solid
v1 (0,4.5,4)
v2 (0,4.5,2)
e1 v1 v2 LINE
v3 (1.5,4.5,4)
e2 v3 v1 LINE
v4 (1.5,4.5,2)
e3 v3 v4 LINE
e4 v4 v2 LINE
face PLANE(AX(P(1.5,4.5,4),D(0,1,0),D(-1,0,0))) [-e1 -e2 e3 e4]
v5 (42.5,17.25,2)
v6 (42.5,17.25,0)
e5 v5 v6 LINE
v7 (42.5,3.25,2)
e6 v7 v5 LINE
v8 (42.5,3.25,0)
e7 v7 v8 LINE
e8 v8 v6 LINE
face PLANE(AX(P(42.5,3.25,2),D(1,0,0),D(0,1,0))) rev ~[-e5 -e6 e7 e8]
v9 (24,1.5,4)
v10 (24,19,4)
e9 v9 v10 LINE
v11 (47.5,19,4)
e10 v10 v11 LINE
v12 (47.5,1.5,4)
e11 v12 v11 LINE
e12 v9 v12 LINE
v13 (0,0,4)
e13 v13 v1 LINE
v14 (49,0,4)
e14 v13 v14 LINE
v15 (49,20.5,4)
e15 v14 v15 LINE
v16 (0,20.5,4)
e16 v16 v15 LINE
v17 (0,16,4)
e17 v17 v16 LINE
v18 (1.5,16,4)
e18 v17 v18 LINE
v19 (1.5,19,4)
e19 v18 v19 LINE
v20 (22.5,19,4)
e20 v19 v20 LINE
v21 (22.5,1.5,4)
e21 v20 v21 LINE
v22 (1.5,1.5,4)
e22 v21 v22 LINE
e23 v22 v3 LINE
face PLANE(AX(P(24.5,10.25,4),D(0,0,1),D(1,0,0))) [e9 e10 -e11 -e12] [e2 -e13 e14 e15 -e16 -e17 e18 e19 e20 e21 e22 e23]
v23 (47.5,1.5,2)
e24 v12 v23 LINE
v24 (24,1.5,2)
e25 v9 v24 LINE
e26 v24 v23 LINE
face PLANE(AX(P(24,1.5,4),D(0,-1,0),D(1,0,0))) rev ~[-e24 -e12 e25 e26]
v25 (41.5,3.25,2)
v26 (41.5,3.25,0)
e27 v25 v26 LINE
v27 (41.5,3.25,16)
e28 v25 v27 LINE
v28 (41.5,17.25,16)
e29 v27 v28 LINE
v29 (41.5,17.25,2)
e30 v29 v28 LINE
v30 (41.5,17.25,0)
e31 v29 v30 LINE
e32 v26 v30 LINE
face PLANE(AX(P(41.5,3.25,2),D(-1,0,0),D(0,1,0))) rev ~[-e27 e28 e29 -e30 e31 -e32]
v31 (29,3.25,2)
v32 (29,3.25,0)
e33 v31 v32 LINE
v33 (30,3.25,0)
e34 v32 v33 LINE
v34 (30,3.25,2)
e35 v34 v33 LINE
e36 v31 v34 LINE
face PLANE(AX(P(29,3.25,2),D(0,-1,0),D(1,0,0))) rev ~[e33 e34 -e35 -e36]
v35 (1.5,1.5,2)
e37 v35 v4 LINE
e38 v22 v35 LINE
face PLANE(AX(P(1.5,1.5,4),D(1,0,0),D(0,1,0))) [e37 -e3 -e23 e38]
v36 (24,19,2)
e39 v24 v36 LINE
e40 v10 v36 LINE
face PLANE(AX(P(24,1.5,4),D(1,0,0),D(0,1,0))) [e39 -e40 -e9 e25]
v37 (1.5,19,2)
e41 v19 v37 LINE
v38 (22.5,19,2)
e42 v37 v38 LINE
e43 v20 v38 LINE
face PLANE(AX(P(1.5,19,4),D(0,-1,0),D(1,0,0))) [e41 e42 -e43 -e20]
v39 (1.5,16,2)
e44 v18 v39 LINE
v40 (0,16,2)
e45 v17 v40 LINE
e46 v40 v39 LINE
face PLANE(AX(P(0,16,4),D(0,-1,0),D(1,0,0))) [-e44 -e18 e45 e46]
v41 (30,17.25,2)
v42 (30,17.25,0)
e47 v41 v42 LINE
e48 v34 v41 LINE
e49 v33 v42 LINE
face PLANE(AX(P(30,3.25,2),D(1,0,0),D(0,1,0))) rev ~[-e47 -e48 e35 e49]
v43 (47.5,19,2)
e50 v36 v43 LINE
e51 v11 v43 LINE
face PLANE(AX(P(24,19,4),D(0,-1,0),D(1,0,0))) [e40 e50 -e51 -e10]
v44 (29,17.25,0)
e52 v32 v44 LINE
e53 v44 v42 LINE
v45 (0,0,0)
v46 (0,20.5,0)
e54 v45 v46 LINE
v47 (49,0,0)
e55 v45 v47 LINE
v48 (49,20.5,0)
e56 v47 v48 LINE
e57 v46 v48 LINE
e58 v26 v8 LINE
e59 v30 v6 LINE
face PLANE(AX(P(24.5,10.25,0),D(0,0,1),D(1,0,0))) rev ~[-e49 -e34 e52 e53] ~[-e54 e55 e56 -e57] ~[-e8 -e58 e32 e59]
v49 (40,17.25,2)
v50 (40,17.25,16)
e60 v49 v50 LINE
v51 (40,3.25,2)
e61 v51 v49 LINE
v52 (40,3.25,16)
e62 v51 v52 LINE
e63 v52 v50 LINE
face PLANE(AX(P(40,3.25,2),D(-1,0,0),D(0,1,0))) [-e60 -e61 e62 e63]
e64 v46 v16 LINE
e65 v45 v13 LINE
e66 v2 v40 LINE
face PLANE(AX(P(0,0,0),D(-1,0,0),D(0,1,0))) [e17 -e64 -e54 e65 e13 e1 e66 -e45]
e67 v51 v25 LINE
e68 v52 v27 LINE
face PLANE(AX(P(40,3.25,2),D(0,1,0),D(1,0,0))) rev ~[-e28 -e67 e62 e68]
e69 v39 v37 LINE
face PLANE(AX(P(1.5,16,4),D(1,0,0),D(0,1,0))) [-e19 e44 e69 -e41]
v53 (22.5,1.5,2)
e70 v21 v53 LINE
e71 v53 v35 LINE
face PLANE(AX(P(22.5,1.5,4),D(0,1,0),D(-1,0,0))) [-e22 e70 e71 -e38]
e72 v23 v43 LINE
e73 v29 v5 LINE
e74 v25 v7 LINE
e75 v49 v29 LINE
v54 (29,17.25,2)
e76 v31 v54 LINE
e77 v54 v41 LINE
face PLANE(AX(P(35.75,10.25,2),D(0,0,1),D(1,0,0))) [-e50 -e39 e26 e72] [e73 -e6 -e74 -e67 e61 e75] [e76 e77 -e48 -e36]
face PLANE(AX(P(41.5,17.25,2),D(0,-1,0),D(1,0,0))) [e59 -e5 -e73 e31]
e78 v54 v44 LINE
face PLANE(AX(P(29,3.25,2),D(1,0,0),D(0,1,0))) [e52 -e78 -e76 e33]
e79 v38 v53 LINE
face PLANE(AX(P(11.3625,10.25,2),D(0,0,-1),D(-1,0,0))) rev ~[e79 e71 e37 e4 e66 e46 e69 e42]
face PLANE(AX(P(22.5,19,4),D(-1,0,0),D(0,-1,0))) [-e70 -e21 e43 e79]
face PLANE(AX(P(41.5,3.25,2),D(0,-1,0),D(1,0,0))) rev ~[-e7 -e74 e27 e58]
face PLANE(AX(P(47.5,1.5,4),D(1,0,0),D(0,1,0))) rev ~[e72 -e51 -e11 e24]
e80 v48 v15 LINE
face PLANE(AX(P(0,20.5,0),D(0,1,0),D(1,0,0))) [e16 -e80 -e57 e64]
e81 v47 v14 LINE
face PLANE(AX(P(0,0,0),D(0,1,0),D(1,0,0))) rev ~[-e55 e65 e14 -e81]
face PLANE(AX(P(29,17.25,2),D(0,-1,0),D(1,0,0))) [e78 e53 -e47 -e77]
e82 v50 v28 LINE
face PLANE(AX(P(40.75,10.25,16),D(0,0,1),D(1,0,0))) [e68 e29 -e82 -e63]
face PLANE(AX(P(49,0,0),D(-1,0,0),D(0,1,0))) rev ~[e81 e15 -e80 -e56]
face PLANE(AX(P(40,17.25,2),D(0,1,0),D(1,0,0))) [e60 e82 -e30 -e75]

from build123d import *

# Parameters (mm, degrees)
SKETCH_W        = 49
SKETCH_H        = 20.5
PAD_DEPTH       = 4
POCKET_DEPTH    = 2
SKETCH002_W     = 23.5
SKETCH002_H     = 17.5
POCKET001_DEPTH = 2
SKETCH004_W     = 1
SKETCH004_H     = 14
POCKET002_DEPTH = 2
SKETCH005_W     = 1.5
SKETCH005_H     = 14
PAD001_DEPTH    = 14


with BuildPart() as part:
    # Sketch → Pad (new body)
    with BuildSketch(Plane.XY):
        with Locations((24.5, 10.25)):
            Rectangle(SKETCH_W, SKETCH_H)
    extrude(amount=PAD_DEPTH)

    # Sketch001 (on Face6 of Pad) → Pocket (cut)
    with BuildSketch(Plane.XY.offset(4)):
        Polygon((1.5, 19), (22.5, 19), (22.5, 1.5), (1.5, 1.5), (1.5, 4.5), (0, 4.5), (0, 16), (1.5, 16), align=None)
    extrude(amount=-POCKET_DEPTH, mode=Mode.SUBTRACT)

    # Sketch002 (on Face5 of Pocket) → Pocket001 (cut)
    with BuildSketch(Plane.XY.offset(4)):
        with Locations((35.75, 10.25)):
            Rectangle(SKETCH002_W, SKETCH002_H)
    extrude(amount=-POCKET001_DEPTH, mode=Mode.SUBTRACT)

    # Sketch004 (on Face19 of Pocket001) → Pocket002 (cut)
    with BuildSketch(Plane.XY.offset(2)):
        with Locations((29.5, 10.25)):
            Rectangle(SKETCH004_W, SKETCH004_H)
        with Locations((42, 10.25)):
            Rectangle(SKETCH004_W, SKETCH004_H)
    extrude(amount=-POCKET002_DEPTH, mode=Mode.SUBTRACT)

    # Sketch005 (on Face27 of Pocket002) → Pad001 (join)
    with BuildSketch(Plane.XY.offset(2)):
        with Locations((40.75, 10.25)):
            Rectangle(SKETCH005_W, SKETCH005_H)
    extrude(amount=PAD001_DEPTH)


solid = part.part
